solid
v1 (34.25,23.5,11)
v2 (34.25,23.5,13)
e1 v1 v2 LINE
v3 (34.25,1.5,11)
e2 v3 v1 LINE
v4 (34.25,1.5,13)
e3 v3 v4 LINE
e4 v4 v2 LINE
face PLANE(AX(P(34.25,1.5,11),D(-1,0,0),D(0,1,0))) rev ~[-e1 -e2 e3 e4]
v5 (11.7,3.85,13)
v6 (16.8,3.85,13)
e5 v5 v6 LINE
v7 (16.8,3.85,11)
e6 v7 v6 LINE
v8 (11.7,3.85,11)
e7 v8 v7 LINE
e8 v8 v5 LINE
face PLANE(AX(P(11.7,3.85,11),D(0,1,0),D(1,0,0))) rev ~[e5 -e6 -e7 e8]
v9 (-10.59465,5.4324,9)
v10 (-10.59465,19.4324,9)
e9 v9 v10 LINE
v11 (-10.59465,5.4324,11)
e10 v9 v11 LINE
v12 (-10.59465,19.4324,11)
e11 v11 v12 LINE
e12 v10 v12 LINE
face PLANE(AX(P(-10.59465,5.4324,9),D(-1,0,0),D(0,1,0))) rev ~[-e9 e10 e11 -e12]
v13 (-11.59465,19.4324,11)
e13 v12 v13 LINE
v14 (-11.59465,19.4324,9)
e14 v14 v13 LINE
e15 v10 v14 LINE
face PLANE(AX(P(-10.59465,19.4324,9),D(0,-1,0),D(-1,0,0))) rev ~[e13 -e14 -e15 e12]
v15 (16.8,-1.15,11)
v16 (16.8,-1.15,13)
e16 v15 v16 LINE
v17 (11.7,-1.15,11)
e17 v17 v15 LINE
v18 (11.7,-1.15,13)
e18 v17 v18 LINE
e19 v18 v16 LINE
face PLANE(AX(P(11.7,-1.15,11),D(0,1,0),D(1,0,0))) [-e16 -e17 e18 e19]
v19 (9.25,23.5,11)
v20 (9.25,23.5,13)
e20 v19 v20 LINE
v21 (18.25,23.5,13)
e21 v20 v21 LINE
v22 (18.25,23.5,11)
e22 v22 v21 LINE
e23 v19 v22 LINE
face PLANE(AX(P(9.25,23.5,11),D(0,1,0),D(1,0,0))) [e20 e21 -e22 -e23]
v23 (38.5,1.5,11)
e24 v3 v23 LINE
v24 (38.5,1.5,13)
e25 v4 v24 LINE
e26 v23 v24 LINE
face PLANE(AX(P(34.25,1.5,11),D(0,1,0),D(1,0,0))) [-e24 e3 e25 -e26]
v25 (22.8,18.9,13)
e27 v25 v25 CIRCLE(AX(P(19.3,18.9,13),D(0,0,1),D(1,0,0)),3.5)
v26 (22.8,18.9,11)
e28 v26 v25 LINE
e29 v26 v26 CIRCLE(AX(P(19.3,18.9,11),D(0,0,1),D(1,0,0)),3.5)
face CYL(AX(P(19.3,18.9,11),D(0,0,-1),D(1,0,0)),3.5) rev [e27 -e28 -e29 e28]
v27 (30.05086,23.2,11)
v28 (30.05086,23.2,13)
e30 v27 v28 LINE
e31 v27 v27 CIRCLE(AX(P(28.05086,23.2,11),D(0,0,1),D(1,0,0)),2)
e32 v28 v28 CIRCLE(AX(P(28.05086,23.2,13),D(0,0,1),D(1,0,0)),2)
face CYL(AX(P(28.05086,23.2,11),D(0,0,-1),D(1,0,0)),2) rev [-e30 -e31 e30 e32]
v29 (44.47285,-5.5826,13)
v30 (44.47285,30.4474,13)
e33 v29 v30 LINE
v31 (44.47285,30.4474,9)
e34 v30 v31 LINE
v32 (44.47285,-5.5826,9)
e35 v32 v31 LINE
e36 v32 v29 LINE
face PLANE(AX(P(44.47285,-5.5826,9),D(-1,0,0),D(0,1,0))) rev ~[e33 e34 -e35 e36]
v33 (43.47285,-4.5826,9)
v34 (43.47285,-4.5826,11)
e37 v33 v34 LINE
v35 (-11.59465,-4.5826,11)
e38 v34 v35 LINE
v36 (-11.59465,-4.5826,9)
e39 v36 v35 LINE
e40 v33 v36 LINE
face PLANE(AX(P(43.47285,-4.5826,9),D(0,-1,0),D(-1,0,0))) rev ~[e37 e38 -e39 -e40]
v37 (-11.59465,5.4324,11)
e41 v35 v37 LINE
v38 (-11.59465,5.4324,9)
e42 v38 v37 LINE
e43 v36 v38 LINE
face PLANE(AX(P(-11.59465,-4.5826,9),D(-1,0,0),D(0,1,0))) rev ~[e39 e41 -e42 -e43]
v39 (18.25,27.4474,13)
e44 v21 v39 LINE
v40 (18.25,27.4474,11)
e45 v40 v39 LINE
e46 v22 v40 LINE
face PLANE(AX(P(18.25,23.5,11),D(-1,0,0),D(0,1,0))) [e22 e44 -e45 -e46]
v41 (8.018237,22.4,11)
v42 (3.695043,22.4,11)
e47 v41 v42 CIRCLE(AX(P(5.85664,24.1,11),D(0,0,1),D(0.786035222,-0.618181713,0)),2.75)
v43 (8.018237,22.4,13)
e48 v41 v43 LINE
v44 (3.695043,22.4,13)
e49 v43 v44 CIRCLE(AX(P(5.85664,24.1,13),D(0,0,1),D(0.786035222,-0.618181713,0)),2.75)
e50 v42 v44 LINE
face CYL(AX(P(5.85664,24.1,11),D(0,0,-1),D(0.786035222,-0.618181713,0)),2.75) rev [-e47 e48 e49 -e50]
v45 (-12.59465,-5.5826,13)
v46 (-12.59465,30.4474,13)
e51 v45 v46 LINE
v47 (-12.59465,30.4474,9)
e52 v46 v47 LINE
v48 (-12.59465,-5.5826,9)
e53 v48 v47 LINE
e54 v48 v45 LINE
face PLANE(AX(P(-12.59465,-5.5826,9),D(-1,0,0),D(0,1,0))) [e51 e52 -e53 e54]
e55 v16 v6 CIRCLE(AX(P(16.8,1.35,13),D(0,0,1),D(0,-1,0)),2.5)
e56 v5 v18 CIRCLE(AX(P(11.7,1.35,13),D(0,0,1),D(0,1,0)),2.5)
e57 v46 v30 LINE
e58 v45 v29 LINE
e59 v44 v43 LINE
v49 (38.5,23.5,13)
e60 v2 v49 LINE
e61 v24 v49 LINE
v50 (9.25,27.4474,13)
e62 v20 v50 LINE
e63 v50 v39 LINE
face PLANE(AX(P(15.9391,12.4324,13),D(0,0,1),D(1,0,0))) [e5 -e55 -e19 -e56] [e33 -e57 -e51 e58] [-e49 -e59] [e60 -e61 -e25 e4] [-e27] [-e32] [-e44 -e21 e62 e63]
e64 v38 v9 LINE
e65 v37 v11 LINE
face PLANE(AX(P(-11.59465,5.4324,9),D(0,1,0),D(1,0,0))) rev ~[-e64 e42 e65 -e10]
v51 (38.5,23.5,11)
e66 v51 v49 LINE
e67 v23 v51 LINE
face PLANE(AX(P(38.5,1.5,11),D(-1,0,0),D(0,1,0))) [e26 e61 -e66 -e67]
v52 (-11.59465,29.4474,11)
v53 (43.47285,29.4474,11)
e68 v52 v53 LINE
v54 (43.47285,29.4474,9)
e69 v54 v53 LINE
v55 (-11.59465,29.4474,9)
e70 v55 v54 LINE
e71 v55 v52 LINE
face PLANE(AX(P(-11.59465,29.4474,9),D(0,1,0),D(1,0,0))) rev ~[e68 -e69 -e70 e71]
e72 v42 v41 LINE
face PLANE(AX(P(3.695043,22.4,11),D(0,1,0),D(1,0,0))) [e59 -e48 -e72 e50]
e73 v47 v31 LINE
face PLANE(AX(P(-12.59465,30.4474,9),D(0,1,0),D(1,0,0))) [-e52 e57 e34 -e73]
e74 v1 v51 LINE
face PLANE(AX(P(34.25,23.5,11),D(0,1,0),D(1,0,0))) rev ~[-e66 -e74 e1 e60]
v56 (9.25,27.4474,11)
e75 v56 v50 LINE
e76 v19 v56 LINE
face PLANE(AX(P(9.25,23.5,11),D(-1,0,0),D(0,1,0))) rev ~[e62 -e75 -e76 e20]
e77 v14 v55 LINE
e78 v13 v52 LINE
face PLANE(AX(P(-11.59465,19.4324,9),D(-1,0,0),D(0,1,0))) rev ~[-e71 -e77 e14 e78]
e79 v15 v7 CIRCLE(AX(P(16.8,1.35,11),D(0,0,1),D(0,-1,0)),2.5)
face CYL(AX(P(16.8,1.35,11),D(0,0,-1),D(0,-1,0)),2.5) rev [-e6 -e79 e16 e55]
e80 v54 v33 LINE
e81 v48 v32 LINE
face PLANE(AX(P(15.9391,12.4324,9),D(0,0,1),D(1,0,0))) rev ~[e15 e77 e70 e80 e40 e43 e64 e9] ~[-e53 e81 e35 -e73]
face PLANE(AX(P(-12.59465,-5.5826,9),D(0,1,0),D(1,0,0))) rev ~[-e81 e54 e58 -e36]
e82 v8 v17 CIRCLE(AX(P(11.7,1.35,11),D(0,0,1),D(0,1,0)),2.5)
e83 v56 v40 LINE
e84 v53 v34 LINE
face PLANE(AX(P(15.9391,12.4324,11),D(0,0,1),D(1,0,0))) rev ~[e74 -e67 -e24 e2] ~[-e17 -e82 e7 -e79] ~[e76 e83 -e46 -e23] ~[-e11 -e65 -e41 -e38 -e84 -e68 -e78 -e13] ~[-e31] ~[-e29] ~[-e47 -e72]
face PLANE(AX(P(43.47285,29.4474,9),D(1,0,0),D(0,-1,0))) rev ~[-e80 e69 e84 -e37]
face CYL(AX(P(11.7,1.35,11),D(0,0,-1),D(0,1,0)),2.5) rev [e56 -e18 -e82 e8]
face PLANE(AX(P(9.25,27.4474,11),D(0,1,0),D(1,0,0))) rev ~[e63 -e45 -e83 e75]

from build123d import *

# Parameters (mm, degrees)
SKETCH004_W      = 57.0675
SKETCH004_H      = 36.03
EXTRUDE004_DEPTH = 2
SKETCH005_W      = 57.0675
SKETCH005_H      = 36.03
SKETCH005_R      = 3.5
SKETCH005_R_2    = 2
SKETCH005_W_2    = 9
SKETCH005_H_2    = 3.9474
SKETCH005_W_3    = 4.25
SKETCH005_H_3    = 22
EXTRUDE005_DEPTH = 2


with BuildPart() as encaixe_externo001:
    # Sketch004 → Extrude004 (new body)
    with BuildSketch(Plane.XY.offset(9)):
        with Locations((15.9391, 12.4324)):
            Rectangle(SKETCH004_W, SKETCH004_H)
        Polygon((-11.59465, 29.4474), (43.47285, 29.4474), (43.47285, -4.5826), (-11.59465, -4.5826), (-11.59465, 5.4324), (-10.59465, 5.4324), (-10.59465, 19.4324), (-11.59465, 19.4324), align=None, mode=Mode.SUBTRACT)
    extrude(amount=EXTRUDE004_DEPTH)


with BuildPart() as tampa002:
    # Sketch005 → Extrude005 (new body)
    with BuildSketch(Plane.XY.offset(11)):
        with Locations((15.9391, 12.4324)):
            Rectangle(SKETCH005_W, SKETCH005_H)
        with Locations((19.3, 18.9)):
            Circle(SKETCH005_R, mode=Mode.SUBTRACT)
        with Locations((28.05086, 23.2)):
            Circle(SKETCH005_R_2, mode=Mode.SUBTRACT)
        with BuildLine():
            ThreePointArc((8.018237, 22.4), (5.85664, 26.85), (3.695043, 22.4))
            Line((3.695043, 22.4), (8.018237, 22.4))
        make_face(mode=Mode.SUBTRACT)
        with Locations((13.75, 25.4737)):
            Rectangle(SKETCH005_W_2, SKETCH005_H_2, mode=Mode.SUBTRACT)
        with Locations((36.375, 12.5)):
            Rectangle(SKETCH005_W_3, SKETCH005_H_3, mode=Mode.SUBTRACT)
        with BuildLine():
            ThreePointArc((11.7, 3.85), (9.2, 1.35), (11.7, -1.15))
            Line((11.7, -1.15), (16.8, -1.15))
            ThreePointArc((16.8, -1.15), (19.3, 1.35), (16.8, 3.85))
            Line((11.7, 3.85), (16.8, 3.85))
        make_face(mode=Mode.SUBTRACT)
    extrude(amount=EXTRUDE005_DEPTH)

    # Fusion001: union Encaixe Externo001
    add(encaixe_externo001.part)


solid = tampa002.part
